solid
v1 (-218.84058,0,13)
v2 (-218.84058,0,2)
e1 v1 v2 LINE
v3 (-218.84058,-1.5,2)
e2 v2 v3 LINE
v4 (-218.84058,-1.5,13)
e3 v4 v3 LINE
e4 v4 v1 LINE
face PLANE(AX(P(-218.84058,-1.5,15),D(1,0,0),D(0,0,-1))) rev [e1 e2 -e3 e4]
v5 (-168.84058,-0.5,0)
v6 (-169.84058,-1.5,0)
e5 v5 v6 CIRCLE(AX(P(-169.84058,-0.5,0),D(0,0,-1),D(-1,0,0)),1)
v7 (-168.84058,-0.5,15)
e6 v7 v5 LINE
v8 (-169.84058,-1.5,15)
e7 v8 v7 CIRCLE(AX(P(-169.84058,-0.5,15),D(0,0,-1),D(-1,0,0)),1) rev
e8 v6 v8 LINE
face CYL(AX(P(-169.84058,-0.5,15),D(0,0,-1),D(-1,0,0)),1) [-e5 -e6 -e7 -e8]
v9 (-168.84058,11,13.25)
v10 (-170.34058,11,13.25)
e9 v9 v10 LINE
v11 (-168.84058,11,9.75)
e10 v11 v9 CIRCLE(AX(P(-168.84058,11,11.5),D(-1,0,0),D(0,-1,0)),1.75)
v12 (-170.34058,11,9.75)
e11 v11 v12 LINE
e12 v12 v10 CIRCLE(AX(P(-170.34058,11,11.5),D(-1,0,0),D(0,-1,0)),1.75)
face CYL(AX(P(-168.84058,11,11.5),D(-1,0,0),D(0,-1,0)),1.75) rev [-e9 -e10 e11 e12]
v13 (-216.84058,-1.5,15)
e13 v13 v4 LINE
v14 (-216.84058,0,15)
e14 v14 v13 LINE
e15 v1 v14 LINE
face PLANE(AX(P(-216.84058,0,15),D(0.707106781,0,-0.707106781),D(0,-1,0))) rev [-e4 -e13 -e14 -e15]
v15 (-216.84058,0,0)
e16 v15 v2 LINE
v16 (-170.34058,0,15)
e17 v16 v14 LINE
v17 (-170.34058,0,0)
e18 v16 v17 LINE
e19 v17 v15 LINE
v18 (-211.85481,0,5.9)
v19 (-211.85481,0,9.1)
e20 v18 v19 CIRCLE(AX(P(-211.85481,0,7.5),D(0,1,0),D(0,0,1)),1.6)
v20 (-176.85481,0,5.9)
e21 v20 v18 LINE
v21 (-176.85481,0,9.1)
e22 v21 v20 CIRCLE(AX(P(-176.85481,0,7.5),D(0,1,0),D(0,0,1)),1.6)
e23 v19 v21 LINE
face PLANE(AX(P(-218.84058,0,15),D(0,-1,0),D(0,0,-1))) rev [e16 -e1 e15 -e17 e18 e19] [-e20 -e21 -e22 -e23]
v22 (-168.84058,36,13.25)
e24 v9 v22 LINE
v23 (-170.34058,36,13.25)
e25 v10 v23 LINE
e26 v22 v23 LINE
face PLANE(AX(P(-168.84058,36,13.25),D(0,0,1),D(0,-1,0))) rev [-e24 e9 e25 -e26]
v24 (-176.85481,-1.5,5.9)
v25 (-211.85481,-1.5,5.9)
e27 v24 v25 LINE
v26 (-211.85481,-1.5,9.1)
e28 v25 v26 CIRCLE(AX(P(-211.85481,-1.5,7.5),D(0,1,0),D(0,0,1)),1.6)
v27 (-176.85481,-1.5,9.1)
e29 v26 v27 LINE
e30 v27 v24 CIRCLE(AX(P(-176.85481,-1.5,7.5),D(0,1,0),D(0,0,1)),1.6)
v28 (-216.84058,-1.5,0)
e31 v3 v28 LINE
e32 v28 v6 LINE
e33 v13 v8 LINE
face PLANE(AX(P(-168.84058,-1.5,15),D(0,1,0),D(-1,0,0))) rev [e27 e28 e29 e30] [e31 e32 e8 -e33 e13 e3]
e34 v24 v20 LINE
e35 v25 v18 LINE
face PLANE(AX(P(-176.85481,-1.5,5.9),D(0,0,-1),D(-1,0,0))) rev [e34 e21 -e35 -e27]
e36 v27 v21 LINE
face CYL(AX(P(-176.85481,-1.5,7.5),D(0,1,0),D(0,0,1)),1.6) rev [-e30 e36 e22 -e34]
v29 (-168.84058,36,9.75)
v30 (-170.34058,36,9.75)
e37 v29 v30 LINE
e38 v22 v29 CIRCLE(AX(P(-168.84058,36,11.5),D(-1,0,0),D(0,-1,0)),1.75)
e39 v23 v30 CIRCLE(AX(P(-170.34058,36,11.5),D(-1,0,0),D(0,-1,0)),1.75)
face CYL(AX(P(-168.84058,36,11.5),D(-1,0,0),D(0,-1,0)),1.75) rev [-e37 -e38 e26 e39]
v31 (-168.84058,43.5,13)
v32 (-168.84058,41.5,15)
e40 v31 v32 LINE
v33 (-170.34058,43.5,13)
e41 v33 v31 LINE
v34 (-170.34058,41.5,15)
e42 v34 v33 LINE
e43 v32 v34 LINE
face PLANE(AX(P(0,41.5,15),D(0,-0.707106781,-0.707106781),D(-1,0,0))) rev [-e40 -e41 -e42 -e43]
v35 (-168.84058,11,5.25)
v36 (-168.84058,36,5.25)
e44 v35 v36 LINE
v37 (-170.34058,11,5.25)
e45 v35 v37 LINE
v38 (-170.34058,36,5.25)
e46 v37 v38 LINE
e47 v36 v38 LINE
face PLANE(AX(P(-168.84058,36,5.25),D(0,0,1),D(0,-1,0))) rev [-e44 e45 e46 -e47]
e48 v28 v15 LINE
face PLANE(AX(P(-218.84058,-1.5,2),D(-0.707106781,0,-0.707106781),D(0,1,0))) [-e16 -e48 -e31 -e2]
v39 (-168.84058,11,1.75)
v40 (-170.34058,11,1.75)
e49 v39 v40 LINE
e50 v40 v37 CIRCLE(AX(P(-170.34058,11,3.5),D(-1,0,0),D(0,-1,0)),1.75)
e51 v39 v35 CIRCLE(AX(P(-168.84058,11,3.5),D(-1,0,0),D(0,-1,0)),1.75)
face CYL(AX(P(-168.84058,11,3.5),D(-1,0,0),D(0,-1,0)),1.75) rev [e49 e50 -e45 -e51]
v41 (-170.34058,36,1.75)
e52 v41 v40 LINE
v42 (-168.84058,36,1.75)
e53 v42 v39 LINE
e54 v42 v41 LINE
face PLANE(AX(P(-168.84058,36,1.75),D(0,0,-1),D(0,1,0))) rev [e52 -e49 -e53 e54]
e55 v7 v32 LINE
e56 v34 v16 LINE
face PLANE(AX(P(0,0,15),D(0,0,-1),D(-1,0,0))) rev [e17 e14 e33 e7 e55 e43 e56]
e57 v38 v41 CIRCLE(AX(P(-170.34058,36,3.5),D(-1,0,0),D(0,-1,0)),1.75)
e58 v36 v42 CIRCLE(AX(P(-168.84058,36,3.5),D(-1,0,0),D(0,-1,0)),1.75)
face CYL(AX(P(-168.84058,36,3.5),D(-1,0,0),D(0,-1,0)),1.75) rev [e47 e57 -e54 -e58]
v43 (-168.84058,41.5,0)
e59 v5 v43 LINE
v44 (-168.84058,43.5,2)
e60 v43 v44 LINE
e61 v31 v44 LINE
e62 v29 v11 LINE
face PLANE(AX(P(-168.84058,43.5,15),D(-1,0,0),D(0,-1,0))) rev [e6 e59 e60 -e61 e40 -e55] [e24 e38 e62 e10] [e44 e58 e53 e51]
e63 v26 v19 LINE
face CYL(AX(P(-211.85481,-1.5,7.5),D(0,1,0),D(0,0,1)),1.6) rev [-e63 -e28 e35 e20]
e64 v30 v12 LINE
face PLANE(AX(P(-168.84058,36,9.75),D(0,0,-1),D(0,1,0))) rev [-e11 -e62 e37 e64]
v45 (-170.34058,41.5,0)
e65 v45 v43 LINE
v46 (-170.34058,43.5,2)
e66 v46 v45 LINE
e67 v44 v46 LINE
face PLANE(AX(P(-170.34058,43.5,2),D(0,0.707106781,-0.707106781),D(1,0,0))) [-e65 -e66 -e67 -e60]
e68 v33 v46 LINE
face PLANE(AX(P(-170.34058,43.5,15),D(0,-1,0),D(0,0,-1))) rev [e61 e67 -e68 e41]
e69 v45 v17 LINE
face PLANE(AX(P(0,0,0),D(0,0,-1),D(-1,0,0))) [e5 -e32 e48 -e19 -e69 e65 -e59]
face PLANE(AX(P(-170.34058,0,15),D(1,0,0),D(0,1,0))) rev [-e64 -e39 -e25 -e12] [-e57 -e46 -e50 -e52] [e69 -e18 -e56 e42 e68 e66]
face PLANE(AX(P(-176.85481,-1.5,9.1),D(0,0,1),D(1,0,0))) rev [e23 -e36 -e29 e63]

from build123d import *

# Parameters (mm, degrees)
BOSS_EXTRUDE1_DEPTH = 15
CUT_EXTRUDE1_DEPTH  = 2.5
CUT_EXTRUDE2_DEPTH  = 2.5
CHAMFER1_SIZE       = 2
FILLET1_R           = 1


with BuildPart() as part:
    # Sketch1 → Boss-Extrude1 (new body)
    with BuildSketch(Plane.XY):
        Polygon((-218.84057971, 0), (-170.34057971, 0), (-170.34057971, 43.5), (-168.84057971, 43.5), (-168.84057971, -1.5), (-218.84057971, -1.5), align=None)
    extrude(amount=BOSS_EXTRUDE1_DEPTH)

    # Sketch2 → Cut-Extrude1 (cut, through all)
    with BuildSketch(Plane(origin=(0, 0, 0), x_dir=(1, 0, 0), z_dir=(0, 1, 0))):
        with BuildLine():
            Line((-176.854809789, -9.1), (-211.854809789, -9.1))
            ThreePointArc((-211.854809789, -9.1), (-213.454809789, -7.5), (-211.854809789, -5.9))
            Line((-211.854809789, -5.9), (-176.854809789, -5.9))
            ThreePointArc((-176.854809789, -5.9), (-175.254809789, -7.5), (-176.854809789, -9.1))
        make_face()
    extrude(amount=-CUT_EXTRUDE1_DEPTH, mode=Mode.SUBTRACT)

    # Sketch3 → Cut-Extrude2 (cut, through all)
    with BuildSketch(Plane.ZY.offset(170.34057971)):
        with BuildLine():
            Line((1.75, 36), (1.75, 11))
            ThreePointArc((1.75, 11), (3.5, 9.25), (5.25, 11))
            Line((5.25, 11), (5.25, 36))
            ThreePointArc((5.25, 36), (3.5, 37.75), (1.75, 36))
        make_face()
        with BuildLine():
            Line((9.75, 36), (9.75, 11))
            ThreePointArc((9.75, 11), (11.5, 9.25), (13.25, 11))
            Line((13.25, 11), (13.25, 36))
            ThreePointArc((13.25, 36), (11.5, 37.75), (9.75, 36))
        make_face()
    extrude(amount=-CUT_EXTRUDE2_DEPTH, mode=Mode.SUBTRACT)

    # Chamfer1
    chamfer1_edges = [part.edges().sort_by_distance(p)[0] for p in [
        (-169.59057971, 43.5, 15),
        (-218.84057971, -0.75, 15),
        (-169.59057971, 43.5, 0),
        (-218.84057971, -0.75, 0),
    ]]
    chamfer(chamfer1_edges, length=CHAMFER1_SIZE)

    # Fillet1
    fillet1_edges = [part.edges().sort_by_distance(p)[0] for p in [
        (-168.84057971, -1.5, 7.5),
    ]]
    fillet(fillet1_edges, radius=FILLET1_R)


solid = part.part
